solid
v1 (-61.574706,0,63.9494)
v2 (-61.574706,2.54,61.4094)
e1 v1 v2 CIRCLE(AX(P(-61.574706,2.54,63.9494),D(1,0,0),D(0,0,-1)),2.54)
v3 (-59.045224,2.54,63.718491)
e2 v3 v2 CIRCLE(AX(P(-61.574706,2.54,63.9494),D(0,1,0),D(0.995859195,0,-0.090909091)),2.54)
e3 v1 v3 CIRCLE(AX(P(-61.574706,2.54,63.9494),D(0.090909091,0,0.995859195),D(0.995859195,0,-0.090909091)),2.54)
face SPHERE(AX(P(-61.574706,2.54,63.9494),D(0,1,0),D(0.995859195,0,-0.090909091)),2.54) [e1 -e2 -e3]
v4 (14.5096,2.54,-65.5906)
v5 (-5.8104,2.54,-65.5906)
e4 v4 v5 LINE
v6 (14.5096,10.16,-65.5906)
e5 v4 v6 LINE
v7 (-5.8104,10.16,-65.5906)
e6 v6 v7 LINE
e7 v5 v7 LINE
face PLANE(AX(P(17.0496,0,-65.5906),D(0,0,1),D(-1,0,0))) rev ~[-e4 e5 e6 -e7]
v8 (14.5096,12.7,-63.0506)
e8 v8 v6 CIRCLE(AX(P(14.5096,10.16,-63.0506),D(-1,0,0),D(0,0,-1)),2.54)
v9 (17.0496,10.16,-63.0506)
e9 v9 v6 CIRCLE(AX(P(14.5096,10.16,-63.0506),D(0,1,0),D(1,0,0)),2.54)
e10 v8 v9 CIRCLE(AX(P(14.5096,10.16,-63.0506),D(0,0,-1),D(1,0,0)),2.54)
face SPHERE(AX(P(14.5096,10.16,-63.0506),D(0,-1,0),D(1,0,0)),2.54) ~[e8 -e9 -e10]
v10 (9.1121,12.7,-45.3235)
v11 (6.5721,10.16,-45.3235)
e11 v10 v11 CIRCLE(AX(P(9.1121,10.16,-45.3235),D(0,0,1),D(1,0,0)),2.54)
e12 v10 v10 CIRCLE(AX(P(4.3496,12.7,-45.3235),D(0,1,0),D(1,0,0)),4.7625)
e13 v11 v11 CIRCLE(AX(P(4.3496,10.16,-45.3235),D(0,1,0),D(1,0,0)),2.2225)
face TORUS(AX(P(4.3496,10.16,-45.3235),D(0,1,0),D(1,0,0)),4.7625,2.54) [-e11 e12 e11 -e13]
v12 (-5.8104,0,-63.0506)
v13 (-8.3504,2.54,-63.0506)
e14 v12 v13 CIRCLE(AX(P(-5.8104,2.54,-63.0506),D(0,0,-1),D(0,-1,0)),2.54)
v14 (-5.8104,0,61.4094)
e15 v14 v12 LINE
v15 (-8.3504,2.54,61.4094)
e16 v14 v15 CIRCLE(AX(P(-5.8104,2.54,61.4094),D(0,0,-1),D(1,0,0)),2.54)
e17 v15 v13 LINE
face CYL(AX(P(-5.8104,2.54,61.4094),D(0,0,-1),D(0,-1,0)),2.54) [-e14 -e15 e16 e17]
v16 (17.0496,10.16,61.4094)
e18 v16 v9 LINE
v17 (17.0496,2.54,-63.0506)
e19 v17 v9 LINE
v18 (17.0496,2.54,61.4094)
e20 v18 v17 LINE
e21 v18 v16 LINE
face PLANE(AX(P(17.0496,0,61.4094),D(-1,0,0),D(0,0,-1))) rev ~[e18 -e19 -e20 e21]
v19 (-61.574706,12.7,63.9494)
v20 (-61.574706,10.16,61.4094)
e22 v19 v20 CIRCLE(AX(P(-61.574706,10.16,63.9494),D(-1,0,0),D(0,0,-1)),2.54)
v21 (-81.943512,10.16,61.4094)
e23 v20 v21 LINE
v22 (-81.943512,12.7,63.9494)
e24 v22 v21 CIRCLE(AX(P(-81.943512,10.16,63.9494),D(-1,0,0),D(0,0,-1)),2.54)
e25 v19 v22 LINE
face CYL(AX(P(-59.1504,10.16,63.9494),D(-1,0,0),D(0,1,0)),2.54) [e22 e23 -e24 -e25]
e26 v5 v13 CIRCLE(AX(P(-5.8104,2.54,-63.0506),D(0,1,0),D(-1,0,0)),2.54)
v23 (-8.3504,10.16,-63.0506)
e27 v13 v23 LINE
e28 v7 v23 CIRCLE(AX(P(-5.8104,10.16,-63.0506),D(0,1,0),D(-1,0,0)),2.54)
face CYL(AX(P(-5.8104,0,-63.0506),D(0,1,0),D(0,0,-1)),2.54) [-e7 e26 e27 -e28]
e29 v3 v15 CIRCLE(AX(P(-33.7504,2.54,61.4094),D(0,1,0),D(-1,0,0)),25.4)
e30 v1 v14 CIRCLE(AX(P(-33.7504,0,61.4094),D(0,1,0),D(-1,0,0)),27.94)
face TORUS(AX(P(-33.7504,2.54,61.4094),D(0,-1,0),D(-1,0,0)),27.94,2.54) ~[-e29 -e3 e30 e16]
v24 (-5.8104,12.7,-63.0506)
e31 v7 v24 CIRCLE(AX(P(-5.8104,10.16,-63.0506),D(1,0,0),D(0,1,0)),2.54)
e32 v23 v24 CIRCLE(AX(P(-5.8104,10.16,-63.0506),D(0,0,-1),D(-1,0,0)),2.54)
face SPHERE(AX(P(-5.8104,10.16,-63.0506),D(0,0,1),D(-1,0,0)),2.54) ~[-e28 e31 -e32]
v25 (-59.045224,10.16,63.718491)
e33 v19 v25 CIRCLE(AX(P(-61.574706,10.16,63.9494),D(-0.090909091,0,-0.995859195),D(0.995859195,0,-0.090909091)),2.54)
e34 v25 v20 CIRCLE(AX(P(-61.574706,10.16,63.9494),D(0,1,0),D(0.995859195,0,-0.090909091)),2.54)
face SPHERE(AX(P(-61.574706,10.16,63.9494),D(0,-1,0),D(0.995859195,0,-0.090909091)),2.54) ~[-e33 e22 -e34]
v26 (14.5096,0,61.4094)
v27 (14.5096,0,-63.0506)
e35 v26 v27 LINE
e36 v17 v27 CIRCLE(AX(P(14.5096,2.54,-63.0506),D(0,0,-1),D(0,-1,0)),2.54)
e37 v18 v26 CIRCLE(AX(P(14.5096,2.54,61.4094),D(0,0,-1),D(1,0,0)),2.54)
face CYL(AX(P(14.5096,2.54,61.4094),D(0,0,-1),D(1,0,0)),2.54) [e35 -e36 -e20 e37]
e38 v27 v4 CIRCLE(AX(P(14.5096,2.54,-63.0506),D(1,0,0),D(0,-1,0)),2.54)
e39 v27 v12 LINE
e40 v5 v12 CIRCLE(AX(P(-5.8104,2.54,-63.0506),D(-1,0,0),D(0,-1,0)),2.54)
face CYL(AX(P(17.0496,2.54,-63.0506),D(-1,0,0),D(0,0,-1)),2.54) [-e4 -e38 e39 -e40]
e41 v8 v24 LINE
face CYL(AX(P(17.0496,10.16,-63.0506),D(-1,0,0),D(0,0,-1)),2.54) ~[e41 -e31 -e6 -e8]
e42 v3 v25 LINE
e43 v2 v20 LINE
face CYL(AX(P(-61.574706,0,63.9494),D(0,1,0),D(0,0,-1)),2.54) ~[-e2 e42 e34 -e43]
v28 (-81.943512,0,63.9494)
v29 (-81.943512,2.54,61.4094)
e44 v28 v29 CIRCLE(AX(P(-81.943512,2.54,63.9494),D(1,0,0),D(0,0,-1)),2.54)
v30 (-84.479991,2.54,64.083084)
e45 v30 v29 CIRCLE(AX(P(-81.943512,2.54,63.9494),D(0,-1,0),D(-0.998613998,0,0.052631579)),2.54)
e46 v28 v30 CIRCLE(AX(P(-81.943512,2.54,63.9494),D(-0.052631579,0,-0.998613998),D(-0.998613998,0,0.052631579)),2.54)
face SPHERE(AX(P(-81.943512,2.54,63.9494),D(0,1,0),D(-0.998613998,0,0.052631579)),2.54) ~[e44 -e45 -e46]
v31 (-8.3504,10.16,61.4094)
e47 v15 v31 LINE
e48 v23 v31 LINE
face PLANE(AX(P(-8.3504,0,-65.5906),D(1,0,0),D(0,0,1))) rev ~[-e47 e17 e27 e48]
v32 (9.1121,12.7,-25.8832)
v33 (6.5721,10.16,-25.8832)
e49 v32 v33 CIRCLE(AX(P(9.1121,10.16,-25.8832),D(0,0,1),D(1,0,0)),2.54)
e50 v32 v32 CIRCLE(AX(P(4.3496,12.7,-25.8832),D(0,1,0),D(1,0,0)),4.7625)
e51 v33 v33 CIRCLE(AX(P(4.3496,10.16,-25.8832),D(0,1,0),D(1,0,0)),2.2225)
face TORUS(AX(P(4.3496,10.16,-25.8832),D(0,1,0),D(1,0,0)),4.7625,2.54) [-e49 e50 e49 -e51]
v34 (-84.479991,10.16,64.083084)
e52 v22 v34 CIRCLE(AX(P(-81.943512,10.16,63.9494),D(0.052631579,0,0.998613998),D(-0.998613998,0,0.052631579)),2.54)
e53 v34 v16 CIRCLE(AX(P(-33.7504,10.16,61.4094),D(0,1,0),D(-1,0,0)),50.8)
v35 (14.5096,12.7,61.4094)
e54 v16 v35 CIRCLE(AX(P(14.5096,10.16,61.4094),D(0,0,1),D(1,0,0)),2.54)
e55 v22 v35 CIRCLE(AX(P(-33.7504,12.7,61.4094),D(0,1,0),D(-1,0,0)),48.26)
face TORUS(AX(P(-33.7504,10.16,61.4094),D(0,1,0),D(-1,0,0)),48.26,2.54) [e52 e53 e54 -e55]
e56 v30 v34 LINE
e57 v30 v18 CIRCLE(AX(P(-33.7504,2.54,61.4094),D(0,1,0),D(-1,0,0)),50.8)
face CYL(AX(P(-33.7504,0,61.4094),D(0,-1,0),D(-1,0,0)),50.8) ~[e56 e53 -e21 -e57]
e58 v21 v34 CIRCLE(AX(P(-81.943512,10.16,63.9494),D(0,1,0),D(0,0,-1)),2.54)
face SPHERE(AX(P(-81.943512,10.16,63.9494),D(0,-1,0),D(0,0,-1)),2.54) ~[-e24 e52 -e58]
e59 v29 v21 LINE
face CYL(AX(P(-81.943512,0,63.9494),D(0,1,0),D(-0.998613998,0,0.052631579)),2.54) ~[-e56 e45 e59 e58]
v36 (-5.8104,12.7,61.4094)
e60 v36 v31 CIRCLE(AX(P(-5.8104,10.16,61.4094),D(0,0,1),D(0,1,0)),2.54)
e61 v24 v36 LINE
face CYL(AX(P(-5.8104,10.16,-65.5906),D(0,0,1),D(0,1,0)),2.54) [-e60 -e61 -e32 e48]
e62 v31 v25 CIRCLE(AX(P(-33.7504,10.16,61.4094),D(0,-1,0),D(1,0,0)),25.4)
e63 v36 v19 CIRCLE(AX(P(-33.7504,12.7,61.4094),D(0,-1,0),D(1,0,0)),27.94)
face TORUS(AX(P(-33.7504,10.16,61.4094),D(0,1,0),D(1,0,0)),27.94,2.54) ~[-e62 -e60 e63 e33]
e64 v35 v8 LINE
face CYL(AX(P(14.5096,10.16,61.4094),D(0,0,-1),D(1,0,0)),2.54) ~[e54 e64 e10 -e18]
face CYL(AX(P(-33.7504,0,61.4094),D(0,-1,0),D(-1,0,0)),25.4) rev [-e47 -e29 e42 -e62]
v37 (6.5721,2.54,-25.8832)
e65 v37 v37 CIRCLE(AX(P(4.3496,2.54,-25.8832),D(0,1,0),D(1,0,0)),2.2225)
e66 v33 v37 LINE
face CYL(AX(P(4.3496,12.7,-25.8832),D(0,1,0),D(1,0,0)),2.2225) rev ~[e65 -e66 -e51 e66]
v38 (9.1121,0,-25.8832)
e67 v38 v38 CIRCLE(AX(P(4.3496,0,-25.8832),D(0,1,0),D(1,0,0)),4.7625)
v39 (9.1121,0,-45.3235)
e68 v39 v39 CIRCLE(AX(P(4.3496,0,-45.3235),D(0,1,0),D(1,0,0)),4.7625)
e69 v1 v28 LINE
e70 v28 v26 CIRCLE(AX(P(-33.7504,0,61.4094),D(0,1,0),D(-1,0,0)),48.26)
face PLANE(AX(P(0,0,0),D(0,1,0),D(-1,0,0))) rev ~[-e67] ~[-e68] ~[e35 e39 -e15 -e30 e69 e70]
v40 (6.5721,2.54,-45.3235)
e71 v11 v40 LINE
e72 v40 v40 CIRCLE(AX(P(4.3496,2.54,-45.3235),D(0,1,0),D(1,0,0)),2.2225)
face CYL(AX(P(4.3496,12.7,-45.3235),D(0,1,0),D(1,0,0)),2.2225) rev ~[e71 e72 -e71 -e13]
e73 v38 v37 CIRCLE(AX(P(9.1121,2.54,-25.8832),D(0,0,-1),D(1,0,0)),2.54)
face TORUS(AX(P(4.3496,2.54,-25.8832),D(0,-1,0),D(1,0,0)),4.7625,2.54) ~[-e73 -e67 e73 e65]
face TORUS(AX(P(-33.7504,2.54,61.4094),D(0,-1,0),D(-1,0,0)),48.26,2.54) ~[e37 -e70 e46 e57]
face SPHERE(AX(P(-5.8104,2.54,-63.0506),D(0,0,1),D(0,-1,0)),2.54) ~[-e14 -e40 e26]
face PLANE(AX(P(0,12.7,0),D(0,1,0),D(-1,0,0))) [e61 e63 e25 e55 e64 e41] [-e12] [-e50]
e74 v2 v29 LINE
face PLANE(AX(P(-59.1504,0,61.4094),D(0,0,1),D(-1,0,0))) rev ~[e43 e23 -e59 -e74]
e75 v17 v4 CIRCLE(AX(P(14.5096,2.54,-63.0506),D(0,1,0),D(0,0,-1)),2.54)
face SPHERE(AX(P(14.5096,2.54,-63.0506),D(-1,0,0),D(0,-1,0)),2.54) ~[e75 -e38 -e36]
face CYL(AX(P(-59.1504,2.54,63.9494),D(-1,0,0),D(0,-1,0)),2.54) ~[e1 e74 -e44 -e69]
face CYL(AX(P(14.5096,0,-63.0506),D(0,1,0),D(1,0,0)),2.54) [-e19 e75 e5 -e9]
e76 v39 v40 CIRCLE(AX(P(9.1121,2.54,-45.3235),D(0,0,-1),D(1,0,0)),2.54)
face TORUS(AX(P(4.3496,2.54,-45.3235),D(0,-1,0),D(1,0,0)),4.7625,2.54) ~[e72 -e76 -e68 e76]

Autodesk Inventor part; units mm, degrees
ref_plane "YZ Plane" through (0, 0, 0) normal (1, 0, 0) x (0, 1, 0)
ref_plane "XZ Plane" through (0, 0, 0) normal (0, 1, 0) x (-1, 0, 0)
ref_plane "XY Plane" through (0, 0, 0) normal (0, 0, 1) x (1, 0, 0)
sketch "Sketch1" plane through (0, 0, 0) normal (0, 1, 0) x (-1, 0, 0)
  line L0 (-17.0496, -65.5906) -> (8.3504, -65.5906)
  line L1 (8.3504, -65.5906) -> (8.3504, 61.4094)
  line L2 (8.3504, 61.4094) -> (-17.0496, 61.4094)
  line L3 (-17.0496, 61.4094) -> (-17.0496, -65.5906)
  arc A0 (84.5504, 61.4094) -> (-17.0496, 61.4094) centre (33.7504, 61.4094) ccw
  arc A1 (59.1504, 61.4094) -> (8.3504, 61.4094) centre (33.7504, 61.4094) ccw
  line L4 (59.1504, 61.4094) -> (84.5504, 61.4094)
  point P0 (0, 0)
  dimension "d0" = 25.4
  dimension "d1" = 127
  dimension "d4" = 25.4
extrude "Extrusion1" add sketch "Sketch1" along normal blind 12.7
sketch "Sketch2" plane through (0, 12.7, 0) normal (0, 1, 0) x (1, 0, 0)
  line L0 (17.0496, -61.4094) -> (17.0496, 65.5906) projected
  line L1 (-8.3504, 65.5906) -> (-8.3504, -61.4094) projected
  circle A0 centre (4.3496, 45.3235) radius 2.2225
  circle A1 centre (4.3496, 25.8832) radius 2.2225
  line L2 (17.0496, 65.5906) -> (-8.3504, 0) construction
  line L3 (-8.3504, 65.5906) -> (17.0496, 0) construction
  line L4 (4.3496, 64.9234) -> (4.3496, 23.5933) construction
  point P0 (0, 0)
  point P1 (4.3496, 32.7953)
  dimension "d6" = 4.445
  dimension "d9" = 19.4403
extrude "Extrusion2" cut sketch "Sketch2" against normal through all
fillet "Fillet2" radius 2.54 20 edges at (-33.7504, 0, 86.8094) (-8.3504, 0, -2.0906) (4.3496, 0, -65.5906) (17.0496, 0, -2.0906) (-33.7504, 0, 112.2094) (-71.8504, 0, 61.4094) (17.0496, 6.35, -65.5906) (17.0496, 12.7, -2.0906) (-8.3504, 12.7, -2.0906) (-8.3504, 6.35, -65.5906) (4.3496, 12.7, -65.5906) (-33.7504, 12.7, 112.2094) (-84.5504, 6.35, 61.4094) (-71.8504, 12.7, 61.4094) (-59.1504, 6.35, 61.4094) (-33.7504, 12.7, 86.8094) (2.1271, 12.7, -25.8832) (2.1271, 0, -25.8832) (2.1271, 12.7, -45.3235) (2.1271, 0, -45.3235)
properties part number "hook" material "Polycarbonate, Clear"
